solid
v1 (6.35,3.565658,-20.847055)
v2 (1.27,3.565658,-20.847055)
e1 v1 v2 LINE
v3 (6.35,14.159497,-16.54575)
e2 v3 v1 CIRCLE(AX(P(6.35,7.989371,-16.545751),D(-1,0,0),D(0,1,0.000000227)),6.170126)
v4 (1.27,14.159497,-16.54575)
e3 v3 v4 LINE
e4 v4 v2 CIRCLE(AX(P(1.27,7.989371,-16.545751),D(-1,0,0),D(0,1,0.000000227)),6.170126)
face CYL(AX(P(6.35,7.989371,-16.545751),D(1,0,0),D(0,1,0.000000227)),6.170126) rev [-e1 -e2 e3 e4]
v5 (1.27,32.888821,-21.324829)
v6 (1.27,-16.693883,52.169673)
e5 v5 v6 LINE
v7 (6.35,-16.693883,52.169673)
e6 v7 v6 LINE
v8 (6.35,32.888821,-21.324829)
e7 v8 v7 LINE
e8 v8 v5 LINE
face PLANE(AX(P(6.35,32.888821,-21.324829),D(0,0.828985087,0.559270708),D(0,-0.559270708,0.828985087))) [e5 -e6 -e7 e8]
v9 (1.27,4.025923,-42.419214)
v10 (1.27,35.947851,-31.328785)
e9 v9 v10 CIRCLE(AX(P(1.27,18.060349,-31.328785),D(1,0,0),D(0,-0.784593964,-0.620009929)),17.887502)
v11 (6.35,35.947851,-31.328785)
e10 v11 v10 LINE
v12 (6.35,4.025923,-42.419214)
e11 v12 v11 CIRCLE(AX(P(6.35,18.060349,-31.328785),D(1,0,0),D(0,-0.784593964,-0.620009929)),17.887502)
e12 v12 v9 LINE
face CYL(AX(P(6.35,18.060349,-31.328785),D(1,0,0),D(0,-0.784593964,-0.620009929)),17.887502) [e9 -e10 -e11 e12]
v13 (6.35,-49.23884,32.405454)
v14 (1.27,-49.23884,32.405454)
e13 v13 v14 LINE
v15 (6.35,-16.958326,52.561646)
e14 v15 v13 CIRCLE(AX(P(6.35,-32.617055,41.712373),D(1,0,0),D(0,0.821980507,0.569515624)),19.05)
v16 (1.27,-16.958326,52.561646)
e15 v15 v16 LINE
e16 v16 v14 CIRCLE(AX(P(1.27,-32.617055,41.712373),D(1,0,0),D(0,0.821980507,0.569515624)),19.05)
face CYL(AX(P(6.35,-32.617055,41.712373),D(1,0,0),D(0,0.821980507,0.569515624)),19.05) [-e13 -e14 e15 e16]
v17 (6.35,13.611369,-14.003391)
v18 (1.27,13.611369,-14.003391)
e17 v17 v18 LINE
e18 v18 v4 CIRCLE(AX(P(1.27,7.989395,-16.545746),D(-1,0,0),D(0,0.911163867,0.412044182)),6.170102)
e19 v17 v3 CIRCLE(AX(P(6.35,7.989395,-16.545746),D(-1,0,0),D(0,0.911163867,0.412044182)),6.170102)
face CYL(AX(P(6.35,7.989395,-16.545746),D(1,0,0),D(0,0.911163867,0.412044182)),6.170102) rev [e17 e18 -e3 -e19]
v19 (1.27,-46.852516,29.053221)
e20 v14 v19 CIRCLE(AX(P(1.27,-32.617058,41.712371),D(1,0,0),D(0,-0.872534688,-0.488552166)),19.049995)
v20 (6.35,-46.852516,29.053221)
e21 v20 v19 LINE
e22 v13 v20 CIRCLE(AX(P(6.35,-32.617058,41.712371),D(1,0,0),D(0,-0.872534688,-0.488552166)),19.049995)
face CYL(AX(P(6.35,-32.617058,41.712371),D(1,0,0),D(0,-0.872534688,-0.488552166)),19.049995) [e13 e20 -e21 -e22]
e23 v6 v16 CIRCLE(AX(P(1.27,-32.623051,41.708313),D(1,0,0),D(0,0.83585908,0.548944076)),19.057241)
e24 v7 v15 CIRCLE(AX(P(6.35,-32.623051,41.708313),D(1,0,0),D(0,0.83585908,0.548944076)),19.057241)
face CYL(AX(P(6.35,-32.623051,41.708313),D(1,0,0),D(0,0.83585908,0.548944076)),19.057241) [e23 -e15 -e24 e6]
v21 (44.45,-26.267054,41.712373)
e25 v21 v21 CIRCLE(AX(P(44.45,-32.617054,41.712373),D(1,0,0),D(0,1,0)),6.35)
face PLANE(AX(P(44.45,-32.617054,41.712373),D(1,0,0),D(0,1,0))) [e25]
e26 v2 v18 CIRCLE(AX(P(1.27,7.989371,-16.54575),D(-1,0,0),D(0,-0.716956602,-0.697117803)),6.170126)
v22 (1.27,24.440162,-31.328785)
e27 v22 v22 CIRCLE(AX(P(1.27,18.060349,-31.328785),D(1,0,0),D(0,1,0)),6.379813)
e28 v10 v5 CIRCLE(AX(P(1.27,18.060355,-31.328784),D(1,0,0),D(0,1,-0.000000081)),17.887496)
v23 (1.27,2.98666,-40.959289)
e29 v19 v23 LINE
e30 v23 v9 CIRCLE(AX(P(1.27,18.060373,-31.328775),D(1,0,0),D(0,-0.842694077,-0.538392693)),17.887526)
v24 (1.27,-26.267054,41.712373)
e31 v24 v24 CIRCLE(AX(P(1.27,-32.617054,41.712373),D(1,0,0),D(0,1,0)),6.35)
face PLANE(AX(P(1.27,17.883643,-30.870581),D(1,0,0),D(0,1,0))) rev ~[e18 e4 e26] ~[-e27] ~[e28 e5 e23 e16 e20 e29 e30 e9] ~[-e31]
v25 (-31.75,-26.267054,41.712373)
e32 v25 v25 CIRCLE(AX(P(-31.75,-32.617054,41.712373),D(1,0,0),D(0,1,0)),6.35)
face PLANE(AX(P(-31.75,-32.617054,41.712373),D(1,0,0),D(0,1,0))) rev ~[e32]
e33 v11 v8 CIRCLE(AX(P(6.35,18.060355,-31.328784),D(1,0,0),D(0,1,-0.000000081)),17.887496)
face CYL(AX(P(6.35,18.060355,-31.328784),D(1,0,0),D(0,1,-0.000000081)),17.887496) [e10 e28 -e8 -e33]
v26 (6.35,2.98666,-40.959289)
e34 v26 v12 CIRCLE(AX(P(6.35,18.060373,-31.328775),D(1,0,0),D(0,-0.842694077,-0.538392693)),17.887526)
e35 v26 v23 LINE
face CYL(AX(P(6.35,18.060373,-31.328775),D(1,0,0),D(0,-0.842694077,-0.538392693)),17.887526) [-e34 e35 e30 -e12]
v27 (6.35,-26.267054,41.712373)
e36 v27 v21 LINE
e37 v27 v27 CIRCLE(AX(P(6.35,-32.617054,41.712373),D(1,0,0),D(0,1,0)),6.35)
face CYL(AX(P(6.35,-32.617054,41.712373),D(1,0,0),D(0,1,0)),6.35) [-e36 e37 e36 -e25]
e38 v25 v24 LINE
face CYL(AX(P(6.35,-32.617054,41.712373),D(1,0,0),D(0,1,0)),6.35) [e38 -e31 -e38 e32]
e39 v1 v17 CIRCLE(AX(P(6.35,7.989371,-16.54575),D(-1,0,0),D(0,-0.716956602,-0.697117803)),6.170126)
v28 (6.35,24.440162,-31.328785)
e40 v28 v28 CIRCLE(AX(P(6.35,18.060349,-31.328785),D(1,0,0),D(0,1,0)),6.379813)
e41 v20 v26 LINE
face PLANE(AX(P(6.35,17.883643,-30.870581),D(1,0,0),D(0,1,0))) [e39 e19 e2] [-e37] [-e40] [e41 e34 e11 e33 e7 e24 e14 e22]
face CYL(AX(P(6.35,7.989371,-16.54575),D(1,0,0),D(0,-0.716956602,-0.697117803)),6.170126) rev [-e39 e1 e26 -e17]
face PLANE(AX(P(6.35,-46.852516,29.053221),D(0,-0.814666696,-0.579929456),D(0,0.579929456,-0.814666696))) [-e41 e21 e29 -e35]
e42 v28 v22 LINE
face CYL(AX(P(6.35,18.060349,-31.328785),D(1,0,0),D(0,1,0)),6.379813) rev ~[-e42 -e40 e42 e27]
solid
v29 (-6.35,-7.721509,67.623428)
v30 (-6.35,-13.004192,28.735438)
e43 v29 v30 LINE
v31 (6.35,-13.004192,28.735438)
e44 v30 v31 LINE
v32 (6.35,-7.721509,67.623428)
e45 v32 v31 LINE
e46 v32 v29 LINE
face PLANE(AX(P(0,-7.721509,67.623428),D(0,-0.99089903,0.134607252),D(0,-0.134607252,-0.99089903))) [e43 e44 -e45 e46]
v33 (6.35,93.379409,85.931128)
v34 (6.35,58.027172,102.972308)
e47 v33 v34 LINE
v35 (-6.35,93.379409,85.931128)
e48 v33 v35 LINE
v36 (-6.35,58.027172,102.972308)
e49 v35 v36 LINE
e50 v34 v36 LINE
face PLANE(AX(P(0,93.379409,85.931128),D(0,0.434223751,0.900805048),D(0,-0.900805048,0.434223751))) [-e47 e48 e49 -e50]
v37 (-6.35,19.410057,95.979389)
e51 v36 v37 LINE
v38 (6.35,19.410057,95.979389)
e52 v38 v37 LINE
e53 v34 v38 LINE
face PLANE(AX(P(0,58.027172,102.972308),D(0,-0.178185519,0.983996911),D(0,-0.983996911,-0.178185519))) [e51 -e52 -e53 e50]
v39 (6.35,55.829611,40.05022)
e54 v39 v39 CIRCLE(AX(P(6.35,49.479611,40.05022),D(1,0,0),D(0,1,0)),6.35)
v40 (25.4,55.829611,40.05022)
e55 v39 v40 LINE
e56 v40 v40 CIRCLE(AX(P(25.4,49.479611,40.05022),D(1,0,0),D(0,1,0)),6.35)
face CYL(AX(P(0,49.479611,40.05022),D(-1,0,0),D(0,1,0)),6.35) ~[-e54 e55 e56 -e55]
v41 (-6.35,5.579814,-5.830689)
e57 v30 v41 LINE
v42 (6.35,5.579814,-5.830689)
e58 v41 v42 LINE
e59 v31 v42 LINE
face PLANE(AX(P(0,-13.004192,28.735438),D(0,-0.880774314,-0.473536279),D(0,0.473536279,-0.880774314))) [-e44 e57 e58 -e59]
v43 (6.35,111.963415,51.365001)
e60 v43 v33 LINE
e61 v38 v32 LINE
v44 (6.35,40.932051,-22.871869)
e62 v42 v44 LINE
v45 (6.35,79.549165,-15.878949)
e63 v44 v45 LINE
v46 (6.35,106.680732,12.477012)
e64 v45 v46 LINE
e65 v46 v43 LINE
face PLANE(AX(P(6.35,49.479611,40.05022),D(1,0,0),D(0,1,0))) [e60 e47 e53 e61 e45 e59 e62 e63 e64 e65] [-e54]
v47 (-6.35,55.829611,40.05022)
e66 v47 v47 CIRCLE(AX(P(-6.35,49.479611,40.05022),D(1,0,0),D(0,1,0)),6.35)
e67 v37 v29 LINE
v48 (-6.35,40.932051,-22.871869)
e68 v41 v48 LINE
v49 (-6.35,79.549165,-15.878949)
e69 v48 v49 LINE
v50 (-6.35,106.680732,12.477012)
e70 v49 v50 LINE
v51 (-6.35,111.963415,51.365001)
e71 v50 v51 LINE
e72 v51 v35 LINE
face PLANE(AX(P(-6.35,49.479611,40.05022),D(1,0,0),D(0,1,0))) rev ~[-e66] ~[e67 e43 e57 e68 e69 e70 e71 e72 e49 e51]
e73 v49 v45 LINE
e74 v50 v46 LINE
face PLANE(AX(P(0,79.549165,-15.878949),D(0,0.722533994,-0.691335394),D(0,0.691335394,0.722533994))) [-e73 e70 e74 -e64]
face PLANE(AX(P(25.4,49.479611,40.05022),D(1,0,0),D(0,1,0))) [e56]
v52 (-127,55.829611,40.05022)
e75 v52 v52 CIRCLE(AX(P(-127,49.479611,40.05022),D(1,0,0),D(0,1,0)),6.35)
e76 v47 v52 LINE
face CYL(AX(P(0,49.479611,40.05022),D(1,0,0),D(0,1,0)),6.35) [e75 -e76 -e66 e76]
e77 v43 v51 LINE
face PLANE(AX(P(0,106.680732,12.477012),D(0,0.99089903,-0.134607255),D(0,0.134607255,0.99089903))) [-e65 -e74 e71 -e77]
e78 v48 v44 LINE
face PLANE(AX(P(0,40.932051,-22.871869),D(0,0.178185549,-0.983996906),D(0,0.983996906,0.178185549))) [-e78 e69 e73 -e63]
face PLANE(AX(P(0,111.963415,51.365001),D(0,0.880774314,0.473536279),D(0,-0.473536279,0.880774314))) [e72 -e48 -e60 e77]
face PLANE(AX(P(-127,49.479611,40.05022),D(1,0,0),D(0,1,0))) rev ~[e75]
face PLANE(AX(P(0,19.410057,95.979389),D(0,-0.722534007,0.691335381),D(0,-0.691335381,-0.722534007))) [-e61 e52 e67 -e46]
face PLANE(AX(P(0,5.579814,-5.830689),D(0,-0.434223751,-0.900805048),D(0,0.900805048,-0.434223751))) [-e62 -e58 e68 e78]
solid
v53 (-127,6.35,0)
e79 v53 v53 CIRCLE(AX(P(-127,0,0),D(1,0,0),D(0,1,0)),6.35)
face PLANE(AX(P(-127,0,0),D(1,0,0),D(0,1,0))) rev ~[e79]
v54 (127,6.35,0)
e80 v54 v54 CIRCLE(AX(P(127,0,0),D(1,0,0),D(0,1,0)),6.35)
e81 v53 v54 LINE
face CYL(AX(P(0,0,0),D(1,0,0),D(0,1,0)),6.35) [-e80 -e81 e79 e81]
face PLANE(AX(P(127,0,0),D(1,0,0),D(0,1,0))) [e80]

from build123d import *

# Parameters (mm, degrees)
F0_R     = 6.35
F1_DEPTH = 127
F3_R     = 6.35
F4_DEPTH = 6.35
F5_DEPTH = 25.4
F6_DEPTH = 127
F7_R     = 6.379813
F7_R_2   = 6.35
F8_DEPTH = 5.08
F9_DEPTH = 38.1


with BuildPart() as f1:
    # F0 (on Right) → F1 (new body, symmetric)
    with BuildSketch(Plane.YZ):
        Circle(F0_R)
    extrude(amount=F1_DEPTH, both=True)


with BuildPart() as f4:
    # F3 (on face) → F4 (new body, symmetric)
    with BuildSketch(Plane.YZ):
        Polygon((-7.721509, 67.623428), (-13.004192, 28.735438), (5.579814, -5.830689), (40.932051, -22.871869), (79.549165, -15.878949), (106.680732, 12.477012), (111.963415, 51.365001), (93.379409, 85.931128), (58.027172, 102.972308), (19.410057, 95.979389), align=None)
        with Locations((49.479611, 40.05022)):
            Circle(F3_R, mode=Mode.SUBTRACT)
    extrude(amount=F4_DEPTH, both=True)

    # F3 (on face) → F5 (join)
    with BuildSketch(Plane.YZ):
        with Locations((49.479611, 40.05022)):
            Circle(F3_R)
    extrude(amount=F5_DEPTH)

    # F3 (on face) → F6 (join)
    with BuildSketch(Plane.YZ):
        with Locations((49.479611, 40.05022)):
            Circle(F3_R)
    extrude(amount=-F6_DEPTH)


with BuildPart() as f8:
    # F7 (on face) → F8 (new body)
    with BuildSketch(Plane.YZ.offset(6.35)):
        with BuildLine():
            ThreePointArc((4.025923, -42.419214), (23.930694, -48.225583), (35.947851, -31.328785))
            ThreePointArc((35.947851, -31.328785), (35.166007, -26.098183), (32.888821, -21.324829))
            ThreePointArc((32.888821, -21.324829), (24.411281, -14.606692), (13.611369, -14.003391))
            ThreePointArc((13.611369, -14.003391), (14.020909, -15.245362), (14.159497, -16.54575))
            ThreePointArc((14.159497, -16.54575), (10.310534, -22.262626), (3.565658, -20.847055))
            ThreePointArc((3.565658, -20.847055), (0.180255, -30.814046), (2.98666, -40.959289))
            Line((2.98666, -40.959289), (4.025923, -42.419214))
        make_face()
        with Locations((18.060349, -31.328785)):
            Circle(F7_R, mode=Mode.SUBTRACT)
        with BuildLine():
            ThreePointArc((13.611369, -14.003391), (24.411281, -14.606692), (32.888821, -21.324829))
            Line((32.888821, -21.324829), (-16.693883, 52.169673))
            ThreePointArc((-16.693883, 52.169673), (-14.365494, 47.169757), (-13.567054, 41.712373))
            ThreePointArc((-13.567054, 41.712373), (-25.845165, 23.906643), (-46.852516, 29.053221))
            Line((-46.852516, 29.053221), (2.98666, -40.959289))
            ThreePointArc((2.98666, -40.959289), (0.180255, -30.814046), (3.565658, -20.847055))
            ThreePointArc((3.565658, -20.847055), (4.515481, -11.446481), (13.611369, -14.003391))
        make_face()
        with BuildLine():
            ThreePointArc((2.98666, -40.959289), (3.487997, -41.702274), (4.025923, -42.419214))
            Line((4.025923, -42.419214), (2.98666, -40.959289))
        make_face()
        with BuildLine():
            Line((-16.958326, 52.561646), (-16.693883, 52.169673))
            ThreePointArc((-16.693883, 52.169673), (-16.824889, 52.36648), (-16.958326, 52.561646))
        make_face()
        with BuildLine():
            ThreePointArc((-13.567054, 41.712373), (-14.365494, 47.169757), (-16.693883, 52.169673))
            Line((-16.693883, 52.169673), (-16.958326, 52.561646))
            ThreePointArc((-16.958326, 52.561646), (-42.706648, 57.871043), (-49.23884, 32.405454))
            Line((-49.23884, 32.405454), (-46.852516, 29.053221))
            ThreePointArc((-46.852516, 29.053221), (-25.845165, 23.906643), (-13.567054, 41.712373))
        make_face()
        with Locations((-32.617054, 41.712373)):
            Circle(F7_R_2, mode=Mode.SUBTRACT)
        with BuildLine():
            ThreePointArc((-49.23884, 32.405454), (-48.136455, 30.664717), (-46.852516, 29.053221))
            Line((-46.852516, 29.053221), (-49.23884, 32.405454))
        make_face()
    extrude(amount=-F8_DEPTH)

    # F7 (on face) → F9 (join, symmetric)
    with BuildSketch(Plane.YZ.offset(6.35)):
        with Locations((-32.617054, 41.712373)):
            Circle(F7_R_2)
    extrude(amount=F9_DEPTH, both=True)


solid = Compound([f1.part, f4.part, f8.part])
